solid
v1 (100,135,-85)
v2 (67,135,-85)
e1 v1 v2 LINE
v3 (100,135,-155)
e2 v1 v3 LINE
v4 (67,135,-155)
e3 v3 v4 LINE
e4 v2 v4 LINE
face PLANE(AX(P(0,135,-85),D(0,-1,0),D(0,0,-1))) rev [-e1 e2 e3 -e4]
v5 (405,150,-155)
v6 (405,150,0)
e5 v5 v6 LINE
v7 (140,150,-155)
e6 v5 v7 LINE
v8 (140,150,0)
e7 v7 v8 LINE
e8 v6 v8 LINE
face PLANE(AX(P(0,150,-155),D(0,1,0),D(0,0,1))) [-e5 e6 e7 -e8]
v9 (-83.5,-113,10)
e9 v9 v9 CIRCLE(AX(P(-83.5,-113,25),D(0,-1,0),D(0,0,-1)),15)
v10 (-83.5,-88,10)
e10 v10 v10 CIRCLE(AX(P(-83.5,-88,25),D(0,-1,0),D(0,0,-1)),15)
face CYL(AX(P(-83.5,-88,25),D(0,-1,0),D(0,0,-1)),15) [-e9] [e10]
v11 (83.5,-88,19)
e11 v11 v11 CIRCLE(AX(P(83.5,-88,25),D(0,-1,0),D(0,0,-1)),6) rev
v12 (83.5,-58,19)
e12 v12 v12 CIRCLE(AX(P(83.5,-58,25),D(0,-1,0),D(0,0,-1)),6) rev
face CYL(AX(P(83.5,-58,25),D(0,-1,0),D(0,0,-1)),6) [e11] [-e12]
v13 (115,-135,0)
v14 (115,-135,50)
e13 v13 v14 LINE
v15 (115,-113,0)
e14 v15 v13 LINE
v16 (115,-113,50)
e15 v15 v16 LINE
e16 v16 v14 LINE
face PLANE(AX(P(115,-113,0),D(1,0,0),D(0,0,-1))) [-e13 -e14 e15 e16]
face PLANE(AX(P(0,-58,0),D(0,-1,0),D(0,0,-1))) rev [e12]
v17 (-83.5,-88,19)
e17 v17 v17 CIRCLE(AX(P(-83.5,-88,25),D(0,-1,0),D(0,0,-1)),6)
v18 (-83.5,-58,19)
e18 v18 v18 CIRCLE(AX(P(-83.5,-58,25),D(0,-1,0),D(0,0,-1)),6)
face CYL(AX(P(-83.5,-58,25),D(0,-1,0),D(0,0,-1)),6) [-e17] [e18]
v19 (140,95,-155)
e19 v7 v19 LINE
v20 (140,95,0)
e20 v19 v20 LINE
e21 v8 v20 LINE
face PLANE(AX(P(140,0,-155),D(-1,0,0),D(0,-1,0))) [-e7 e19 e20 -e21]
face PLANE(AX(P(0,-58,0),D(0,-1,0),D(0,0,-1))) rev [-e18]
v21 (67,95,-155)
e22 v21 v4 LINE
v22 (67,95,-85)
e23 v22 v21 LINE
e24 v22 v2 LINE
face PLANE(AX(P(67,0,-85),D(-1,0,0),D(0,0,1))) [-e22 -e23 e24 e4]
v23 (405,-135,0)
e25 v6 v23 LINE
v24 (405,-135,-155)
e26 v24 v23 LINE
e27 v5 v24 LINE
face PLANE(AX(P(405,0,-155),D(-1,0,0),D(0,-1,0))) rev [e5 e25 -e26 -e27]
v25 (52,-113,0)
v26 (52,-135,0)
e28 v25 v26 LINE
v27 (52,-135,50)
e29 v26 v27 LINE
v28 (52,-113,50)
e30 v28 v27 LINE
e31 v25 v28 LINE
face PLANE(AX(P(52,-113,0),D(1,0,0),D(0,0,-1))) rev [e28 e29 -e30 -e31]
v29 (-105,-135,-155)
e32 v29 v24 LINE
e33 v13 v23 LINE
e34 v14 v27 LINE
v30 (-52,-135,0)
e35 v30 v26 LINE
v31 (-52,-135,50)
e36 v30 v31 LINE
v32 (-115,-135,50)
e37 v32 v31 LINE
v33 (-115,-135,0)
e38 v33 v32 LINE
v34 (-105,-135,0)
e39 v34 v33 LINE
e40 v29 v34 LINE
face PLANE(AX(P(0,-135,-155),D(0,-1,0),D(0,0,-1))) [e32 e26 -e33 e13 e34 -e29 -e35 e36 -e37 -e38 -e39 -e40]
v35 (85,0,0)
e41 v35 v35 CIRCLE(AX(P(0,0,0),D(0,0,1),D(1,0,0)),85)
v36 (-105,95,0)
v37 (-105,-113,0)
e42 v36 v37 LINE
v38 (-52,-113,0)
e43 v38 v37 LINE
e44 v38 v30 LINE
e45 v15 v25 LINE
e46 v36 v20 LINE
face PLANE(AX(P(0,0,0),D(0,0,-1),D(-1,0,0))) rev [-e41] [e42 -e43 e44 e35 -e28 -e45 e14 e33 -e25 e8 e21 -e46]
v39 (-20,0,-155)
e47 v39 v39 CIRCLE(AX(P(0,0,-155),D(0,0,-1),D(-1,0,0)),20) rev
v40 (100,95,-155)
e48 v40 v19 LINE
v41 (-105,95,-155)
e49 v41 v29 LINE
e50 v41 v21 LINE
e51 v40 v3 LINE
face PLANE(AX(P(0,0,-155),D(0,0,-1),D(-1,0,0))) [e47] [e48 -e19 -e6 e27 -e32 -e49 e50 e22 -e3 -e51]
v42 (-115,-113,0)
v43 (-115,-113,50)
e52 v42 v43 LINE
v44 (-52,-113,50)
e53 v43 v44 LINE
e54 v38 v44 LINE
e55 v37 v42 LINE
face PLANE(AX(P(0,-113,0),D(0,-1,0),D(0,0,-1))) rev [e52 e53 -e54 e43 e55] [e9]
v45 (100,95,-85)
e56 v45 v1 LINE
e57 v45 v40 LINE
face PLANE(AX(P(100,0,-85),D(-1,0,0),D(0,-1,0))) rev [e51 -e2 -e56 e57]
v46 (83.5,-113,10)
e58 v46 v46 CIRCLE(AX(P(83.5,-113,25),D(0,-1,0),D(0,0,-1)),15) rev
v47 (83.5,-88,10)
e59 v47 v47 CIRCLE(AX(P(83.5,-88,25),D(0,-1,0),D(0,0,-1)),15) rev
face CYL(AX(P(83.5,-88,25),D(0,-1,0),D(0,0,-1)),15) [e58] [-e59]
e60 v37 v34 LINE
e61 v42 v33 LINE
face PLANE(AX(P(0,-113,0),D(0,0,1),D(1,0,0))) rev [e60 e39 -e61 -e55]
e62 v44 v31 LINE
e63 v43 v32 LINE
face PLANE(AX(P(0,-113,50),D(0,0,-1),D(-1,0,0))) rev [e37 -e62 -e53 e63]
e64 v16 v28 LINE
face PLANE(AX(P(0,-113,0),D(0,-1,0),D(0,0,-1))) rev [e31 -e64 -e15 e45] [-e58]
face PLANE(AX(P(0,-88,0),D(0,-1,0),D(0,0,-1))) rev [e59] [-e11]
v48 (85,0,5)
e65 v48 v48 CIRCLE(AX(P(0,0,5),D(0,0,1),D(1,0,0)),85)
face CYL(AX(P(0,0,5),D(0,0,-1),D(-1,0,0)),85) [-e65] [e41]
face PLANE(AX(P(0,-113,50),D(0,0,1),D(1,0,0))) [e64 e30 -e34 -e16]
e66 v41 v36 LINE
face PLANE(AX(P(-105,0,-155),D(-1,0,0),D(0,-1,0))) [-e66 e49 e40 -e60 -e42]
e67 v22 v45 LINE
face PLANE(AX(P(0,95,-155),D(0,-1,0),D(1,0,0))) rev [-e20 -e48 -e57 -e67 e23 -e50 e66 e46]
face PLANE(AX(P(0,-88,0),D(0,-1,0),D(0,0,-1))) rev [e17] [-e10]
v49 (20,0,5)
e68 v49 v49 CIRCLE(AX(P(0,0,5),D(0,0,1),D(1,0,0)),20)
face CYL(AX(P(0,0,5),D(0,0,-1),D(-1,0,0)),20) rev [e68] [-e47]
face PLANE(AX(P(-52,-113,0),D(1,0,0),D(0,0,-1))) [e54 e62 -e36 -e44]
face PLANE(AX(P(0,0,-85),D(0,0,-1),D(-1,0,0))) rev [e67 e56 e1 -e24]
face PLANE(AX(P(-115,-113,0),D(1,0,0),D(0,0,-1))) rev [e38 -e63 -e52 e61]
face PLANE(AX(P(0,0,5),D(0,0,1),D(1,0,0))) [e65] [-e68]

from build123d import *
from build123d.topology import SkipClean

# Parameters (mm, degrees)
SKETCH2_R           = 85
SKETCH2_R_2         = 20
BOSS_EXTRUDE1_DEPTH = 5
BOSS_EXTRUDE2_START = 155
SKETCH3_R           = 20
BOSS_EXTRUDE2_DEPTH = 155
SKETCH4_W           = 33
SKETCH4_H           = 40
BOSS_EXTRUDE4_DEPTH = 70
SKETCH6_W           = 63
SKETCH6_H           = 50
SKETCH6_R           = 15
BOSS_EXTRUDE6_DEPTH = 22
SKETCH6_3_R         = 15
SKETCH6_3_R_2       = 6
BOSS_EXTRUDE7_DEPTH = 47
SKETCH6_4_R         = 6
BOSS_EXTRUDE8_DEPTH = 77


with BuildPart() as part:
    # Sketch2 → Boss-Extrude1 (new body)
    with BuildSketch(Plane.XY):
        Circle(SKETCH2_R)
        Circle(SKETCH2_R_2, mode=Mode.SUBTRACT)
    extrude(amount=BOSS_EXTRUDE1_DEPTH)

    # Sketch3 → Boss-Extrude2 (add)
    with SkipClean():  # the faces are left unmerged after this step: merging them gives an invalid solid
        with BuildSketch(Plane(origin=(0, 0, 0), x_dir=(-1, 0, 0), z_dir=(0, 0, -1)).offset(BOSS_EXTRUDE2_START)):
            Polygon((-140, 150), (-405, 150), (-405, -135), (105, -135), (105, 95), (-140, 95), align=None)
            Circle(SKETCH3_R, mode=Mode.SUBTRACT)
        extrude(amount=-BOSS_EXTRUDE2_DEPTH)

    # Sketch4 → Boss-Extrude4 (add)
    with SkipClean():  # the faces are left unmerged after this step: merging them gives an invalid solid
        with BuildSketch(Plane(origin=(0, 0, -155), x_dir=(-1, 0, 0), z_dir=(0, 0, -1))):
            with Locations((-83.5, 115)):
                Rectangle(SKETCH4_W, SKETCH4_H)
        extrude(amount=-BOSS_EXTRUDE4_DEPTH)

    # Sketch6 → Boss-Extrude6 (add)
    # profile 1 of 2: a face of its own
    with SkipClean():  # the faces are left unmerged after this step: merging them gives an invalid solid
        with BuildSketch(Plane.XZ.offset(135)):
            with Locations((-83.5, 25)):
                Rectangle(SKETCH6_W, SKETCH6_H)
            with Locations((-83.5, 25)):
                Circle(SKETCH6_R, mode=Mode.SUBTRACT)
        # profile 2 of 2: a face of its own
        with BuildSketch(Plane.XZ.offset(135)):
            with Locations((83.5, 25)):
                Rectangle(SKETCH6_W, SKETCH6_H)
            with Locations((83.5, 25)):
                Circle(SKETCH6_R, mode=Mode.SUBTRACT)
        extrude(amount=-BOSS_EXTRUDE6_DEPTH)

    # Sketch6<3> → Boss-Extrude7 (add)
    # profile 1 of 2: a face of its own
    with SkipClean():  # the faces are left unmerged after this step: merging them gives an invalid solid
        with BuildSketch(Plane.XZ.offset(135)):
            with Locations((-83.5, 25)):
                Circle(SKETCH6_3_R)
            with Locations((-83.5, 25)):
                Circle(SKETCH6_3_R_2, mode=Mode.SUBTRACT)
        # profile 2 of 2: a face of its own
        with BuildSketch(Plane.XZ.offset(135)):
            with Locations((83.5, 25)):
                Circle(SKETCH6_3_R)
            with Locations((83.5, 25)):
                Circle(SKETCH6_3_R_2, mode=Mode.SUBTRACT)
        extrude(amount=-BOSS_EXTRUDE7_DEPTH)

    # Sketch6<4> → Boss-Extrude8 (add)
    with SkipClean():  # the faces are left unmerged after this step: merging them gives an invalid solid
        with BuildSketch(Plane.XZ.offset(135)):
            with Locations((-83.5, 25)):
                Circle(SKETCH6_4_R)
            with Locations((83.5, 25)):
                Circle(SKETCH6_4_R)
        extrude(amount=-BOSS_EXTRUDE8_DEPTH)


solid = part.part
